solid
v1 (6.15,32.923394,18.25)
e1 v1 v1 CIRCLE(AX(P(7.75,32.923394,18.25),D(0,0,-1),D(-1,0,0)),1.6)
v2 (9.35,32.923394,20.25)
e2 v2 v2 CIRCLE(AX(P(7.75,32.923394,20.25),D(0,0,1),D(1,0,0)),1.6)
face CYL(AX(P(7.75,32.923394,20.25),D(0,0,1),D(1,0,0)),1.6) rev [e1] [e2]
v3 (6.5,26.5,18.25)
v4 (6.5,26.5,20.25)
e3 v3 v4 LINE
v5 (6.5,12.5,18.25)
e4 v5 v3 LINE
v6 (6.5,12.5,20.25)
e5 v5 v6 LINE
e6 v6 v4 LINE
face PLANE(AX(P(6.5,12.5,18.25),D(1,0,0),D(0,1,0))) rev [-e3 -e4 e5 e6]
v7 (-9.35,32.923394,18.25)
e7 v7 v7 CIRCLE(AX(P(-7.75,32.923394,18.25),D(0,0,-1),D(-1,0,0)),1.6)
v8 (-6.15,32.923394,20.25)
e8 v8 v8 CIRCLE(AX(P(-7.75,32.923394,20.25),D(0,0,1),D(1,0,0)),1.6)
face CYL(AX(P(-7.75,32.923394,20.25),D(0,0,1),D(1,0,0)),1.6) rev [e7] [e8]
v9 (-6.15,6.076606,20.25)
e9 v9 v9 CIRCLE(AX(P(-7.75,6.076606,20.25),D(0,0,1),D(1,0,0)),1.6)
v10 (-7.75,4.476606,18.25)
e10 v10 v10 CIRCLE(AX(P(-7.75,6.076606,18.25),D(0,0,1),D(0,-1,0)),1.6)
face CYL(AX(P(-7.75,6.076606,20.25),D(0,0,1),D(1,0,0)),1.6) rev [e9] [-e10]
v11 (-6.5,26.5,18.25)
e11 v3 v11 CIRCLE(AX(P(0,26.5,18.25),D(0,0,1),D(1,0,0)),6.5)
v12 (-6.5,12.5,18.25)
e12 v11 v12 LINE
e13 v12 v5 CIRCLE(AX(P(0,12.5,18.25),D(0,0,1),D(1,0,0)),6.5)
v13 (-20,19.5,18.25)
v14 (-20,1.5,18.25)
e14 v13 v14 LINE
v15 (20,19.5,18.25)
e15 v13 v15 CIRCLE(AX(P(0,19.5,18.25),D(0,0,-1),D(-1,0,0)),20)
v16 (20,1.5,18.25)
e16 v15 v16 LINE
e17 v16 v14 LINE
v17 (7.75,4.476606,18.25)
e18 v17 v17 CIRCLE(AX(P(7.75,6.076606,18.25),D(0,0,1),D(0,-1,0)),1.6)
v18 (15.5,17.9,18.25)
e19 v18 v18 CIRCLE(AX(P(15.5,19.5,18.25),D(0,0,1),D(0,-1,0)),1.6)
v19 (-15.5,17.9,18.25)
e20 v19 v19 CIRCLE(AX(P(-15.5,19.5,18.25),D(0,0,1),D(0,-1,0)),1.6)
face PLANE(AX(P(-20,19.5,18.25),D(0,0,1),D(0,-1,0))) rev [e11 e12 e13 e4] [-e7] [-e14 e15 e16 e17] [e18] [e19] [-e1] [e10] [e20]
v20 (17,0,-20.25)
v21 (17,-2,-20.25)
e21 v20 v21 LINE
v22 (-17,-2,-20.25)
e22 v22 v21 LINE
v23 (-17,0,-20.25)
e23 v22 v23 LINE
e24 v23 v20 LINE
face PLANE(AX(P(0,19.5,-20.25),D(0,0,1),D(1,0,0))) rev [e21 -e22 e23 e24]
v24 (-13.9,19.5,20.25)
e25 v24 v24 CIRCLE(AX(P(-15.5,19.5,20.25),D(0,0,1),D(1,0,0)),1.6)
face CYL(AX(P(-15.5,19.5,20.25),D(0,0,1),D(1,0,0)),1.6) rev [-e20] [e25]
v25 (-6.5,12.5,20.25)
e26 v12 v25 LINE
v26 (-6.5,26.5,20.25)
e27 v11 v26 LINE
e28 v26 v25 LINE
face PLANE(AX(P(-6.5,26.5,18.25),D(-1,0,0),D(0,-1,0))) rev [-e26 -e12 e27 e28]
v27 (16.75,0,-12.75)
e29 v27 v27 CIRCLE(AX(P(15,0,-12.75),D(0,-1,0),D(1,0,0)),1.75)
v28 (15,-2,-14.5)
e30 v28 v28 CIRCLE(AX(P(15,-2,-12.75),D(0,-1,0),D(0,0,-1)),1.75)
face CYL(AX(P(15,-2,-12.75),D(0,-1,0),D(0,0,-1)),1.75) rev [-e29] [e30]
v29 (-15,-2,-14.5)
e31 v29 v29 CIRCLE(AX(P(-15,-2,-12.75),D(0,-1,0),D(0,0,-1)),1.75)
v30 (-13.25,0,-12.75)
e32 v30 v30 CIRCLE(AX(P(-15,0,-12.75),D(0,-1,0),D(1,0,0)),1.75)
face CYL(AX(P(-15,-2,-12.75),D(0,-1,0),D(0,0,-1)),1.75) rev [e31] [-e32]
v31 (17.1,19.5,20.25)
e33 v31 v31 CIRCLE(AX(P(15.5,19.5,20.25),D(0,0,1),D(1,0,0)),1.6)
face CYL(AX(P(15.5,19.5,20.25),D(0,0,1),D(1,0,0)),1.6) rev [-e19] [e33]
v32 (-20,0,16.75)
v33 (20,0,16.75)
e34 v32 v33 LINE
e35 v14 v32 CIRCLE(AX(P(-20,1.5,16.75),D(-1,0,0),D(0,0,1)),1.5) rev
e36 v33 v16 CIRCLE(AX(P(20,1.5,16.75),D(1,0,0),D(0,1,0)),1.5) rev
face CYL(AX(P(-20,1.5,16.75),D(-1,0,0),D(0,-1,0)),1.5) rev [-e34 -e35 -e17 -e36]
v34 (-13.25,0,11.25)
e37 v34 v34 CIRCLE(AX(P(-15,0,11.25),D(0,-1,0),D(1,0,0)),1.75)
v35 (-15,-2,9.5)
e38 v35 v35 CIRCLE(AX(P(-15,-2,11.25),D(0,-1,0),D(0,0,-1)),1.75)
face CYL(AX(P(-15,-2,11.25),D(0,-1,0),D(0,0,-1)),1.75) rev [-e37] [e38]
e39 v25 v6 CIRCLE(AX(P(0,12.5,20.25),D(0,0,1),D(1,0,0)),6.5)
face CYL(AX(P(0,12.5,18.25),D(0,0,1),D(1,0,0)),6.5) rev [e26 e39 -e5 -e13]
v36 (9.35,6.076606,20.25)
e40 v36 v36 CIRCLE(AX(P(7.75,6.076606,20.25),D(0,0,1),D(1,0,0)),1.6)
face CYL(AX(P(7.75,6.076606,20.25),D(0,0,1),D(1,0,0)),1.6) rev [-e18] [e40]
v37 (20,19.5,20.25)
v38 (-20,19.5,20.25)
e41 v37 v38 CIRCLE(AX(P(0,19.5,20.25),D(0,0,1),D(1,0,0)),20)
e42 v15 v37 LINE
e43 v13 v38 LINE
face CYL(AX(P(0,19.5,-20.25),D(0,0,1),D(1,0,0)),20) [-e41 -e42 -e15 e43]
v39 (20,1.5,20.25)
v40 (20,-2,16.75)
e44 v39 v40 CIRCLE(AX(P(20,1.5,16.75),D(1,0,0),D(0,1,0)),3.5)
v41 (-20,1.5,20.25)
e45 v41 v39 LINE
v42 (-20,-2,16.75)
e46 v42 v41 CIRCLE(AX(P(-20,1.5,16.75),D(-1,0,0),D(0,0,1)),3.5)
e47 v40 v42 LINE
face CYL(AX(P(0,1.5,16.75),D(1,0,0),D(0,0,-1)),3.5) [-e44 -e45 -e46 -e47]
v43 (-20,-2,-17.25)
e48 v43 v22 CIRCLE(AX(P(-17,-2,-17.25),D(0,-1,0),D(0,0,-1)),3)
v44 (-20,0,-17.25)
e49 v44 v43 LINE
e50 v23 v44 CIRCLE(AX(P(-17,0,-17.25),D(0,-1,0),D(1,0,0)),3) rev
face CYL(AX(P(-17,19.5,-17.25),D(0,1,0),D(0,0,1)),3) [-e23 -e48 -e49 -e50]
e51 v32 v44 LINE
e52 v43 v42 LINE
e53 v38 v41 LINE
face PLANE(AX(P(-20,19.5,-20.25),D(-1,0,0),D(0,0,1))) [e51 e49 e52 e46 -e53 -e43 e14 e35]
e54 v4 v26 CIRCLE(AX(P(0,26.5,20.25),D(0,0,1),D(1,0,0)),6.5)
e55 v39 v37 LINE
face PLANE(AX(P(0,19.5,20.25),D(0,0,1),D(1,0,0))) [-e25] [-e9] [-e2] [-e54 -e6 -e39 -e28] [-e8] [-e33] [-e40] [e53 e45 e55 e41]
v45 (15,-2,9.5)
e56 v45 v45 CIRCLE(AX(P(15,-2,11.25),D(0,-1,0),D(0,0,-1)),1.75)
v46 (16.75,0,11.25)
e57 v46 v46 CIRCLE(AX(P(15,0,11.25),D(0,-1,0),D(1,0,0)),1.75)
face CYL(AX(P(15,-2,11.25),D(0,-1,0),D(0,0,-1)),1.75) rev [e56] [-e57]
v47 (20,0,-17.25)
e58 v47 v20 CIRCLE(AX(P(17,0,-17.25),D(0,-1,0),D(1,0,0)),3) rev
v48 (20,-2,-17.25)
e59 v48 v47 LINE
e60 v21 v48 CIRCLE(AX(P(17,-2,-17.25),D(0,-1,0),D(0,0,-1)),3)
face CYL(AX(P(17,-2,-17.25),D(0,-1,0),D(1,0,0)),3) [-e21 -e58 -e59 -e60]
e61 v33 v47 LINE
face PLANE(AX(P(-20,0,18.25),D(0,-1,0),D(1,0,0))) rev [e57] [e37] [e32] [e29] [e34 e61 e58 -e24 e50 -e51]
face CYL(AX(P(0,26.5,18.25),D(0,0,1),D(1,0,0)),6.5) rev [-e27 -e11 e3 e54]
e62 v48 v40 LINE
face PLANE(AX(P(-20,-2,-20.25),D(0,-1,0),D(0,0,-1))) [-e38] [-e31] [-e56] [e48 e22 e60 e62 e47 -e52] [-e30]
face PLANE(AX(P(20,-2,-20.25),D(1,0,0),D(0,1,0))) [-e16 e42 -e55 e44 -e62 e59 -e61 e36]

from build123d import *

# Parameters (mm, degrees)
EXTRUDE_1_DEPTH             = 40.5
SKETCH_2_W                  = 38.5
SKETCH_2_H                  = 19.5
CUT_EXTRUDE_1_DEPTH         = 60.752092014
CUT_EXTRUDE_2_DEPTH         = 2
HOLE_WIZARD_3_5_3_5_1_D     = 3.5
HOLE_WIZARD_3_5_3_5_1_DEPTH = 2
HOLE_WIZARD_3_2_3_2_1_D     = 3.2
HOLE_WIZARD_3_2_3_2_1_DEPTH = 40.5
FILLET_1_R                  = 1.5
FILLET_2_R                  = 3
FILLET_3_R                  = 3.5
SKETCH_12_R                 = 1.6
CUT_EXTRUDE_3_DEPTH         = 38.5


with BuildPart() as part:
    # 草图1 → 凸台-拉伸1 (new body)
    with BuildSketch(Plane.XY.offset(20.25)):
        with BuildLine():
            Line((20, -2), (20, 19.5))
            ThreePointArc((20, 19.5), (0, 39.5), (-20, 19.5))
            Line((-20, 19.5), (-20, -2))
            Line((-20, -2), (20, -2))
        make_face()
    extrude(amount=-EXTRUDE_1_DEPTH)

    # 草图2 → 切除-拉伸1 (cut, through all)
    with BuildSketch(Plane(origin=(20, 0, 0), x_dir=(0, 0, -1), z_dir=(1, 0, 0))):
        with Locations((1, 9.75)):
            Rectangle(SKETCH_2_W, SKETCH_2_H)
    extrude(amount=-CUT_EXTRUDE_1_DEPTH, mode=Mode.SUBTRACT)

    # 草图3 → 切除-拉伸2 (cut)
    with BuildSketch(Plane.XY.offset(20.25)):
        with BuildLine():
            Line((-6.5, 26.5), (-6.5, 12.5))
            ThreePointArc((-6.5, 12.5), (0, 6), (6.5, 12.5))
            Line((6.5, 12.5), (6.5, 26.5))
            ThreePointArc((6.5, 26.5), (0, 33), (-6.5, 26.5))
        make_face()
    extrude(amount=-CUT_EXTRUDE_2_DEPTH, mode=Mode.SUBTRACT)

    # Ø3.5 (3.5) 直径孔1
    with Locations(Plane(origin=(0, -2, 0), x_dir=(-1, 0, 0), z_dir=(0, -1, 0))):
        with Locations((15, -11.25), (15, 12.75), (-15, 12.75), (-15, -11.25)):
            Hole(HOLE_WIZARD_3_5_3_5_1_D / 2, depth=HOLE_WIZARD_3_5_3_5_1_DEPTH)

    # Ø3.2 (3.2) 直径孔1
    with Locations(Plane.XY.offset(20.25)):
        with Locations((-7.75, 32.923393759), (-7.75, 6.076606241), (15.5, 19.5), (7.75, 6.076606241), (-15.5, 19.5), (7.75, 32.923393759)):
            Hole(HOLE_WIZARD_3_2_3_2_1_D / 2, depth=HOLE_WIZARD_3_2_3_2_1_DEPTH)

    # 圆角1
    fillet_1_edges = [part.edges().sort_by_distance(p)[0] for p in [
        (0, 0, 18.25),
    ]]
    fillet(fillet_1_edges, radius=FILLET_1_R)

    # 圆角2
    fillet_2_edges = [part.edges().sort_by_distance(p)[0] for p in [
        (-20, -1, -20.25),
        (20, -1, -20.25),
    ]]
    fillet(fillet_2_edges, radius=FILLET_2_R)

    # 圆角3
    fillet_3_edges = [part.edges().sort_by_distance(p)[0] for p in [
        (0, -2, 20.25),
    ]]
    fillet(fillet_3_edges, radius=FILLET_3_R)

    # 草图12 → 切除-拉伸3 (cut)
    with BuildSketch(Plane(origin=(0, 0, -20.25), x_dir=(-1, 0, 0), z_dir=(0, 0, -1))):
        with BuildLine():
            Line((-20, 19.5), (-17.1, 19.5))
            ThreePointArc((-17.1, 19.5), (-15.5, 21.1), (-13.9, 19.5))
            Line((-13.9, 19.5), (13.9, 19.5))
            ThreePointArc((13.9, 19.5), (15.5, 21.1), (17.1, 19.5))
            Line((17.1, 19.5), (20, 19.5))
            ThreePointArc((20, 19.5), (0, 39.5), (-20, 19.5))
        make_face()
        with Locations(Location((-7.75, 32.923393759, 0), (0, 0, 180))):
            Circle(SKETCH_12_R, mode=Mode.SUBTRACT)
        with Locations(Location((7.75, 32.923393759, 0), (0, 0, 180))):
            Circle(SKETCH_12_R, mode=Mode.SUBTRACT)
    extrude(amount=-CUT_EXTRUDE_3_DEPTH, mode=Mode.SUBTRACT)


solid = part.part
